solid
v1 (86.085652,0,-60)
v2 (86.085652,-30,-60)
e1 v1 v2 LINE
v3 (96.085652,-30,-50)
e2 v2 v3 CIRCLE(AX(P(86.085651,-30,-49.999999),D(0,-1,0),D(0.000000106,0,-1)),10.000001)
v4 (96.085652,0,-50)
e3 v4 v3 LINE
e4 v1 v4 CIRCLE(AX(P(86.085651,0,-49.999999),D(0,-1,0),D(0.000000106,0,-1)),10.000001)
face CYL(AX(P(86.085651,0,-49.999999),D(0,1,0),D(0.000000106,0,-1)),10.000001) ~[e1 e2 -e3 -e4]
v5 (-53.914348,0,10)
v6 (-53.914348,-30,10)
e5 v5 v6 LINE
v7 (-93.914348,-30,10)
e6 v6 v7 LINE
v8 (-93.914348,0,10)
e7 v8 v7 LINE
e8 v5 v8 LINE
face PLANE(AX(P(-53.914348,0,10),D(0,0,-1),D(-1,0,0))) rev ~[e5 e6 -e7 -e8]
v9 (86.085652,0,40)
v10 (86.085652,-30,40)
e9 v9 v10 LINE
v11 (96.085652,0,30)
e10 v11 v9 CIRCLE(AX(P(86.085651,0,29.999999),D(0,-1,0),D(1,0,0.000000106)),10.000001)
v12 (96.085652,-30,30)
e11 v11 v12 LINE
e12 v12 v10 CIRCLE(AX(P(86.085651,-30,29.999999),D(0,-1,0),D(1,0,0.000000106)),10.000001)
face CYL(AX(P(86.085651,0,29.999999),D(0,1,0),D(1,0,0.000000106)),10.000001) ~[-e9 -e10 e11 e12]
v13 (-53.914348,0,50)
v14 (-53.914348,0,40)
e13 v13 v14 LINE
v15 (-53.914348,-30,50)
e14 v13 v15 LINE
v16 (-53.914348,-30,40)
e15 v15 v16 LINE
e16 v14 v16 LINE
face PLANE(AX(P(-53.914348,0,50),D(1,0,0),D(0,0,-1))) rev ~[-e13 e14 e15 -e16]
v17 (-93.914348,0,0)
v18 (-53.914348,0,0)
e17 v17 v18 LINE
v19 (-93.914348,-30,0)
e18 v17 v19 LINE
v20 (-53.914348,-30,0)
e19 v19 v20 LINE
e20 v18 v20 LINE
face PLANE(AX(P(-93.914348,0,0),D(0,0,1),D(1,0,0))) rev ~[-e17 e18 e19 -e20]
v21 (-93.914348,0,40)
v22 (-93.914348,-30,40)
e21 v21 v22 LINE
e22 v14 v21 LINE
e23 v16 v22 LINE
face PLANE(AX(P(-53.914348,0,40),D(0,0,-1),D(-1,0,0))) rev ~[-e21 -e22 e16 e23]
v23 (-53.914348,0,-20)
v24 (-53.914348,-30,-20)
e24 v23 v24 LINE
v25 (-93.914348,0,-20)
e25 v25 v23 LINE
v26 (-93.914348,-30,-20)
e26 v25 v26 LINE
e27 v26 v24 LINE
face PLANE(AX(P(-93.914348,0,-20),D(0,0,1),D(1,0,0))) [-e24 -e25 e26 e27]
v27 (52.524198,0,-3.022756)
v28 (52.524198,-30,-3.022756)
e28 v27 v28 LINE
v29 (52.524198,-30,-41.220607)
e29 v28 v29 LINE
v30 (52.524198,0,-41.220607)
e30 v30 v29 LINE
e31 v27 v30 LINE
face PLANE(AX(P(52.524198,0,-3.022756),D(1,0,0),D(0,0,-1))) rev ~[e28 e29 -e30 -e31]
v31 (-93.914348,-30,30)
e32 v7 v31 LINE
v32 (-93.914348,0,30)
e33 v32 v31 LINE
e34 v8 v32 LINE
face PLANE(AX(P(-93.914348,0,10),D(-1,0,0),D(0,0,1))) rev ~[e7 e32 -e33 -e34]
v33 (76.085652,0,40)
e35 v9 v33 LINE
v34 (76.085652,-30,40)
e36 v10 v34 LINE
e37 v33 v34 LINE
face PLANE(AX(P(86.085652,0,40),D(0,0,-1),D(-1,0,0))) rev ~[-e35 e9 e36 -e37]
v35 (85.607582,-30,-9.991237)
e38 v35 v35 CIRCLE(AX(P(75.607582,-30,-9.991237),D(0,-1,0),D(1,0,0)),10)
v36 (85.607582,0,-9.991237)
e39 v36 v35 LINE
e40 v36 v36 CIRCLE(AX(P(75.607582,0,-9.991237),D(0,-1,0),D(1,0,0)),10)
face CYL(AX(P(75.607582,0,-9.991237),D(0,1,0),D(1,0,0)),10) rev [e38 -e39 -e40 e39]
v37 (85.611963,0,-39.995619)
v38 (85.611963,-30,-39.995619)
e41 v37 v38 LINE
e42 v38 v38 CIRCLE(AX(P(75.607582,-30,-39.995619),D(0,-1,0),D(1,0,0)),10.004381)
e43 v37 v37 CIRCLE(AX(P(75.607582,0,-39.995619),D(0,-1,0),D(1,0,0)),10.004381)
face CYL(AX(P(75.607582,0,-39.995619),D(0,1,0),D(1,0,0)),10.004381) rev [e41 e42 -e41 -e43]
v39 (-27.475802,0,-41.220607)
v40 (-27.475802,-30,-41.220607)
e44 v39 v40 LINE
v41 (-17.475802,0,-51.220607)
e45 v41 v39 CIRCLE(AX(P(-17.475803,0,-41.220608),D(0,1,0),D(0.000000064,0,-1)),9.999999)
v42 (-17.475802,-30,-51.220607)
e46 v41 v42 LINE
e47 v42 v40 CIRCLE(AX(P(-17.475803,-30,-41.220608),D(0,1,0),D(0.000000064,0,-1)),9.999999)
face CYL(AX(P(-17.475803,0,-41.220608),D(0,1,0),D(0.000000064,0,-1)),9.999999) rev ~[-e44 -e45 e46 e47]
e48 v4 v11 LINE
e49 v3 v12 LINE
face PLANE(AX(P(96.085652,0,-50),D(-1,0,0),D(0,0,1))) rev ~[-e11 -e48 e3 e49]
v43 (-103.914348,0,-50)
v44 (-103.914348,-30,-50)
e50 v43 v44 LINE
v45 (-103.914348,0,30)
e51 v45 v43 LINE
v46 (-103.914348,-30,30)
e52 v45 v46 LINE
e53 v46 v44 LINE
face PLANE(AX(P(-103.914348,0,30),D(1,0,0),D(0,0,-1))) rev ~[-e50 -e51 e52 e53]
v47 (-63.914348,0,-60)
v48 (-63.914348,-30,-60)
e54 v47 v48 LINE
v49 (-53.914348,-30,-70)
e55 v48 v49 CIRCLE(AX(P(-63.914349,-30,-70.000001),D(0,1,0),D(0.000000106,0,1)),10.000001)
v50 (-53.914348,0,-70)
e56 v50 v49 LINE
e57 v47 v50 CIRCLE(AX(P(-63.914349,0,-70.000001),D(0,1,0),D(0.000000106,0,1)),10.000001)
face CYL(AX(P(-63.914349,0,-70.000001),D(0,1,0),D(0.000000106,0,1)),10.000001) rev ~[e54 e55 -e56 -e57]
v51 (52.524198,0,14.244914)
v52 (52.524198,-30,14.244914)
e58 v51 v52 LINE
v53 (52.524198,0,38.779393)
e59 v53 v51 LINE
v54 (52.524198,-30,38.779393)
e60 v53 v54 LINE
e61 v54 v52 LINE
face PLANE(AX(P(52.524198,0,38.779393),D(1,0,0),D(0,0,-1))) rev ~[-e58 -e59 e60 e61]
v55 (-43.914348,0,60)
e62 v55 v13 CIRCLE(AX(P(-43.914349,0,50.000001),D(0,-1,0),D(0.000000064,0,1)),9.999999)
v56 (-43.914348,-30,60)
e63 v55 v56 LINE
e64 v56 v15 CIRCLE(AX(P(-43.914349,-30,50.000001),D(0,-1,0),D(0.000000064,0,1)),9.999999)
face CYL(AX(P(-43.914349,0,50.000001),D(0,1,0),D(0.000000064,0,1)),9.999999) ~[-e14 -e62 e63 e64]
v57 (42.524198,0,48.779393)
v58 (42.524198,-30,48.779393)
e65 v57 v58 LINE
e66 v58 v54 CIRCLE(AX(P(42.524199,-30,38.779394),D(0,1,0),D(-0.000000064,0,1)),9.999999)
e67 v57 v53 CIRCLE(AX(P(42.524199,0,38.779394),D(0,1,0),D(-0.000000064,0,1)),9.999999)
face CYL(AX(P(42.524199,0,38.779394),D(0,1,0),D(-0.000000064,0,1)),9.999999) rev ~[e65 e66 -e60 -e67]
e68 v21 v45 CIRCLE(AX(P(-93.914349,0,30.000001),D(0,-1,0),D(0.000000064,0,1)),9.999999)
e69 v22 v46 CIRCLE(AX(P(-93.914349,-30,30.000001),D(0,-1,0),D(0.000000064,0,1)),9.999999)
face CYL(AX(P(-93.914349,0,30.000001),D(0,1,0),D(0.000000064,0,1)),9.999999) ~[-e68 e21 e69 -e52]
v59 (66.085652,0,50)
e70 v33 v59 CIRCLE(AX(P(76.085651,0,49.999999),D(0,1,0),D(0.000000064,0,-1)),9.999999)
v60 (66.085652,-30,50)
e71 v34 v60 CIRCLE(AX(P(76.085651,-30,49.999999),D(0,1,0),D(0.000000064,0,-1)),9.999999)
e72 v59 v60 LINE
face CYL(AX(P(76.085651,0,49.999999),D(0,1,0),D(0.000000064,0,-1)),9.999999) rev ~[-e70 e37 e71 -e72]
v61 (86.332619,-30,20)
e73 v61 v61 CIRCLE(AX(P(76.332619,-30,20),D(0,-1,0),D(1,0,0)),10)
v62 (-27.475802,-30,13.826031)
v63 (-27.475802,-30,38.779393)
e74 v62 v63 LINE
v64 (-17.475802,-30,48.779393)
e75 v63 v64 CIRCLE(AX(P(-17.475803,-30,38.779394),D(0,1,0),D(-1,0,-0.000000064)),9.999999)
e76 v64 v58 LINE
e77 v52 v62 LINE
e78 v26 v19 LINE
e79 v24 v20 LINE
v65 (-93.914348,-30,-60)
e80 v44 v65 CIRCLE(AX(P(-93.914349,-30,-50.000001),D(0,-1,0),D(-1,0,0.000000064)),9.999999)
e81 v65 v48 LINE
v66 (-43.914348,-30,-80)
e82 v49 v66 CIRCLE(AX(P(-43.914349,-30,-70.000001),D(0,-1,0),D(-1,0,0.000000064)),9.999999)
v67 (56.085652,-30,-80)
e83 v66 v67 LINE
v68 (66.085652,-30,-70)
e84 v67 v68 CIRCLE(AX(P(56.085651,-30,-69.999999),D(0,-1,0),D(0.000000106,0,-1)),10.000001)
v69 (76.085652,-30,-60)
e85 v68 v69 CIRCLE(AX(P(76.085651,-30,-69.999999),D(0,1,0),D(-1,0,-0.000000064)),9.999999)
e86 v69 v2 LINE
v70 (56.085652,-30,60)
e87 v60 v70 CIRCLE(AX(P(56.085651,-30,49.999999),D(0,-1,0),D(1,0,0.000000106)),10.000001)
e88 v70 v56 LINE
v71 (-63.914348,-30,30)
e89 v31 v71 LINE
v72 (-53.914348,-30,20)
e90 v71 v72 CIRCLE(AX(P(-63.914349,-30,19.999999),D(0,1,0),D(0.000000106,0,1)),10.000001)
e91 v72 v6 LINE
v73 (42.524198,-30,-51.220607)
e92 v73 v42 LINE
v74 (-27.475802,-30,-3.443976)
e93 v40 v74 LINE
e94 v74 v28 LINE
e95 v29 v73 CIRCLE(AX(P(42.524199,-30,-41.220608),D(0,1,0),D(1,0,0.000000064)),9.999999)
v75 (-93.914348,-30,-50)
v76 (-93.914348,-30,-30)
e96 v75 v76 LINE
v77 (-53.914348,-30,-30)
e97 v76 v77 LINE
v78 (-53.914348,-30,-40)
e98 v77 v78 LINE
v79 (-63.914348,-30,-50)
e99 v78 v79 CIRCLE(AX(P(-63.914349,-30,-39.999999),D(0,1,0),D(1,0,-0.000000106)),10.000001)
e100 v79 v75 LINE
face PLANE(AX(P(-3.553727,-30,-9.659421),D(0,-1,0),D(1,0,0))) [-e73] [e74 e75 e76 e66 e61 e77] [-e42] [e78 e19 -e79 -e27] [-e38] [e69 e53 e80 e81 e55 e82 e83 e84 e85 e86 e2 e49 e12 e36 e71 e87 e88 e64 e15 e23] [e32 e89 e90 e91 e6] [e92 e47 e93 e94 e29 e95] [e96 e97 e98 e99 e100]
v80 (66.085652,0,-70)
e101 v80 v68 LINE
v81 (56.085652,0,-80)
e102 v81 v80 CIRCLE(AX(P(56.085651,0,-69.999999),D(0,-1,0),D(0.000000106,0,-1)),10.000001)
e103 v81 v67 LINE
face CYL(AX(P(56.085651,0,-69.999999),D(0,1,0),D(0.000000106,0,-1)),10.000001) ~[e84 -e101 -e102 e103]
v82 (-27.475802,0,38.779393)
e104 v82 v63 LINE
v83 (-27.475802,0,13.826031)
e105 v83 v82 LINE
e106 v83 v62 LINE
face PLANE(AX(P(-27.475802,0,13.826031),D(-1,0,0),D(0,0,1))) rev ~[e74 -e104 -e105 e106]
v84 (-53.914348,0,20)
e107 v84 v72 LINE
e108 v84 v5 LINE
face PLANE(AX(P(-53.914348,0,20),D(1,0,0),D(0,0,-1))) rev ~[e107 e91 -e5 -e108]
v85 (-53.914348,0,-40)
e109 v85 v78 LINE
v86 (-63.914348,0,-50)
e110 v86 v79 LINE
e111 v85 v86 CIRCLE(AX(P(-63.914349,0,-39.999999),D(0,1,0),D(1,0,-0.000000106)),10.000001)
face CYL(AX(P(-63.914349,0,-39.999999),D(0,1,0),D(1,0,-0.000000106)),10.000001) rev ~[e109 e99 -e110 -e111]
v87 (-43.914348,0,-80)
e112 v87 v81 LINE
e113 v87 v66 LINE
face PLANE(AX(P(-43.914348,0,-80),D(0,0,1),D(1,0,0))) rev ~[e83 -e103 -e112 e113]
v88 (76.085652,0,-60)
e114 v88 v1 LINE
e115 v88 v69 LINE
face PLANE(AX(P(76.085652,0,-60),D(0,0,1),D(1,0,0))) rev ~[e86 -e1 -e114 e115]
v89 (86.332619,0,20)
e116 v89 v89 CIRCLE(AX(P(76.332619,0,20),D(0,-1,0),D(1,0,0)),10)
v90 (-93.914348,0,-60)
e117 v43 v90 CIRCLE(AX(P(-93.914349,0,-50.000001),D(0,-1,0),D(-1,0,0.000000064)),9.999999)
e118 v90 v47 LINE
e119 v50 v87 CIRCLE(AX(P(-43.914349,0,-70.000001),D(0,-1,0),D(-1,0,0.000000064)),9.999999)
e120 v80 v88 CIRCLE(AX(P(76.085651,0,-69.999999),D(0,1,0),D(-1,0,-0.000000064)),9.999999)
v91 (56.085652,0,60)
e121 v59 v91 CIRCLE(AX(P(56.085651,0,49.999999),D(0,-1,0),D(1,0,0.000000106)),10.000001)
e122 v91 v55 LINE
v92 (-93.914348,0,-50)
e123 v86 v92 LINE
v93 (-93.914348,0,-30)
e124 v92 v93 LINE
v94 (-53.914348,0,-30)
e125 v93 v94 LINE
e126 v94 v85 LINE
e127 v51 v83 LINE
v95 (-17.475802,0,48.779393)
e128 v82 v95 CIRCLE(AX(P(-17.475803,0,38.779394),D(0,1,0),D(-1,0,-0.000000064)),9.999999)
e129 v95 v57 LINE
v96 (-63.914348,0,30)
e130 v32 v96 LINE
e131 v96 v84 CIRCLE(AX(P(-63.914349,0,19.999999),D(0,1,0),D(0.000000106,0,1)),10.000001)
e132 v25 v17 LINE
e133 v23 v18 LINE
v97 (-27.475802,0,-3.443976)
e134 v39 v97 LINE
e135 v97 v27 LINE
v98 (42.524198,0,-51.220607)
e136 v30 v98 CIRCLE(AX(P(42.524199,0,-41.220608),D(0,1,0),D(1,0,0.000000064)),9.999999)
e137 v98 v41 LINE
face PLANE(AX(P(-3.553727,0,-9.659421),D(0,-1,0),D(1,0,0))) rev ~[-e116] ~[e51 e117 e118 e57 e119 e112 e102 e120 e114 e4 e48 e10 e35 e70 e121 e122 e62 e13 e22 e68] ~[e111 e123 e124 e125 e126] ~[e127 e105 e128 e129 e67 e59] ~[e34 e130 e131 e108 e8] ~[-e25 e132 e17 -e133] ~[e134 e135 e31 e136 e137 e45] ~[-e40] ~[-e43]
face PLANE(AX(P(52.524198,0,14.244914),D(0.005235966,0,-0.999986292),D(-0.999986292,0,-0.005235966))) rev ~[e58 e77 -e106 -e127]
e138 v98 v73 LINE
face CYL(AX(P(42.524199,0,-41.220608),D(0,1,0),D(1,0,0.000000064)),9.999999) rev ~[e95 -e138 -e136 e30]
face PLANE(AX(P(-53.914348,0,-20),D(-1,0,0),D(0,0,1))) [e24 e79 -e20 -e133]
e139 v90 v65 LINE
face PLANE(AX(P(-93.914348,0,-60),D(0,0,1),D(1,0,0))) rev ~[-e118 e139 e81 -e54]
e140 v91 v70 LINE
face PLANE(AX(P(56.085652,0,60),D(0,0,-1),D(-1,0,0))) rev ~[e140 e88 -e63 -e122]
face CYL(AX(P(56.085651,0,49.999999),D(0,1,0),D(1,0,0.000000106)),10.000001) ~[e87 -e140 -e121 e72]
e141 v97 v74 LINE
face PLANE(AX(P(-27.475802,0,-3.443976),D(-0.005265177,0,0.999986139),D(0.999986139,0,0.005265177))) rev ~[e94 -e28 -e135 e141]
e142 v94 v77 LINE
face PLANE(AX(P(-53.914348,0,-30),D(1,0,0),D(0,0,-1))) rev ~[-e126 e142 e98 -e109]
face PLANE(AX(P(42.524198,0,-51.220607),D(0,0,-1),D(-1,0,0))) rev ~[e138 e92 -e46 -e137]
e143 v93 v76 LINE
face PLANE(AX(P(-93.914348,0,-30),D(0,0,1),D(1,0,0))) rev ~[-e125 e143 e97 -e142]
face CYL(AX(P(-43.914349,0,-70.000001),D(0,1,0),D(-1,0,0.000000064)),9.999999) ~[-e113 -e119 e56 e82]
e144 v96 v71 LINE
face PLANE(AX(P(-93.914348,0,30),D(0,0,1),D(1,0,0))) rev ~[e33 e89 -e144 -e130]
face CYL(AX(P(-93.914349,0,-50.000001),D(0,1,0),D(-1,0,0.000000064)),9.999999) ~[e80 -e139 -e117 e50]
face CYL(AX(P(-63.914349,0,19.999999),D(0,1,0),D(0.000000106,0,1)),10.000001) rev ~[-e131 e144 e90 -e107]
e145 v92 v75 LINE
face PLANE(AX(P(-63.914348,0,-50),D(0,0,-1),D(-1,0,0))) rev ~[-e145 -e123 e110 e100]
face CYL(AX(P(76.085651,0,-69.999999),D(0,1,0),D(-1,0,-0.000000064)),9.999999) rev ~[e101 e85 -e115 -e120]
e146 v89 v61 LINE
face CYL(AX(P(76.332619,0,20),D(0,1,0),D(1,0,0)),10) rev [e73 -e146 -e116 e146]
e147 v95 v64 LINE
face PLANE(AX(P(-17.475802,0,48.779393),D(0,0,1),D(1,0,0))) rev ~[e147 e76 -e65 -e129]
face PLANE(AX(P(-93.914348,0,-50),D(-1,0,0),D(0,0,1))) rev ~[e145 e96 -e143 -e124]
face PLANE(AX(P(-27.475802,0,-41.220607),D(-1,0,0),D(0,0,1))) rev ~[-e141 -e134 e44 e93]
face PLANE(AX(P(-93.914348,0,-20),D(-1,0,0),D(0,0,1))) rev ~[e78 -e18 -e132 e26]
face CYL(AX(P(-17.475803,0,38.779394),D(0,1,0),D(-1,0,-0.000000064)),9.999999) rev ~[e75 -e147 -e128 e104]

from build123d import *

# Parameters (mm, degrees)
F0_R     = 10.004381
F0_W     = 40
F0_H     = 20
F0_R_2   = 10
F1_DEPTH = 30


with BuildPart() as f1:
    # F0 (on Front) → F1 (new body)
    with BuildSketch(Plane.XZ):
        with BuildLine():
            Line((56.085652, 60), (-43.914348, 60))
            ThreePointArc((-43.914348, 60), (-50.985416, 57.071068), (-53.914348, 50))
            Line((-53.914348, 50), (-53.914348, 40))
            Line((-53.914348, 40), (-93.914348, 40))
            ThreePointArc((-93.914348, 40), (-100.985416, 37.071068), (-103.914348, 30))
            Line((-103.914348, 30), (-103.914348, -50))
            ThreePointArc((-103.914348, -50), (-100.985416, -57.071068), (-93.914348, -60))
            Line((-93.914348, -60), (-63.914348, -60))
            ThreePointArc((-63.914348, -60), (-56.843281, -62.928932), (-53.914348, -70))
            ThreePointArc((-53.914348, -70), (-50.985416, -77.071068), (-43.914348, -80))
            Line((-43.914348, -80), (56.085652, -80))
            ThreePointArc((56.085652, -80), (63.156719, -77.071068), (66.085652, -70))
            ThreePointArc((66.085652, -70), (69.014584, -62.928932), (76.085652, -60))
            Line((76.085652, -60), (86.085652, -60))
            ThreePointArc((86.085652, -60), (93.156719, -57.071068), (96.085652, -50))
            Line((96.085652, -50), (96.085652, 30))
            ThreePointArc((96.085652, 30), (93.156719, 37.071068), (86.085652, 40))
            Line((86.085652, 40), (76.085652, 40))
            ThreePointArc((76.085652, 40), (69.014584, 42.928932), (66.085652, 50))
            ThreePointArc((66.085652, 50), (63.156719, 57.071068), (56.085652, 60))
        make_face()
        with BuildLine():
            Line((-93.914348, -50), (-93.914348, -30))
            Line((-93.914348, -30), (-53.914348, -30))
            Line((-53.914348, -30), (-53.914348, -40))
            ThreePointArc((-53.914348, -40), (-56.843281, -47.071068), (-63.914348, -50))
            Line((-63.914348, -50), (-93.914348, -50))
        make_face(mode=Mode.SUBTRACT)
        with BuildLine():
            ThreePointArc((52.524198, -41.220607), (49.595266, -48.291675), (42.524198, -51.220607))
            Line((42.524198, -51.220607), (-17.475802, -51.220607))
            ThreePointArc((-17.475802, -51.220607), (-24.54687, -48.291675), (-27.475802, -41.220607))
            Line((-27.475802, -41.220607), (-27.475802, -3.443976))
            Line((-27.475802, -3.443976), (52.524198, -3.022756))
            Line((52.524198, -3.022756), (52.524198, -41.220607))
        make_face(mode=Mode.SUBTRACT)
        with Locations((75.607582, -39.995619)):
            Circle(F0_R, mode=Mode.SUBTRACT)
        with Locations((-73.914348, -10)):
            Rectangle(F0_W, F0_H, mode=Mode.SUBTRACT)
        with BuildLine():
            Line((-93.914348, 10), (-93.914348, 30))
            Line((-93.914348, 30), (-63.914348, 30))
            ThreePointArc((-63.914348, 30), (-56.843281, 27.071068), (-53.914348, 20))
            Line((-53.914348, 20), (-53.914348, 10))
            Line((-53.914348, 10), (-93.914348, 10))
        make_face(mode=Mode.SUBTRACT)
        with Locations((75.607582, -9.991237)):
            Circle(F0_R_2, mode=Mode.SUBTRACT)
        with Locations((76.332619, 20)):
            Circle(F0_R_2, mode=Mode.SUBTRACT)
        with BuildLine():
            ThreePointArc((-27.475802, 38.779393), (-24.54687, 45.850461), (-17.475802, 48.779393))
            Line((-17.475802, 48.779393), (42.524198, 48.779393))
            ThreePointArc((42.524198, 48.779393), (49.595266, 45.850461), (52.524198, 38.779393))
            Line((52.524198, 38.779393), (52.524198, 14.244914))
            Line((52.524198, 14.244914), (-27.475802, 13.826031))
            Line((-27.475802, 13.826031), (-27.475802, 38.779393))
        make_face(mode=Mode.SUBTRACT)
    extrude(amount=F1_DEPTH)


solid = f1.part
